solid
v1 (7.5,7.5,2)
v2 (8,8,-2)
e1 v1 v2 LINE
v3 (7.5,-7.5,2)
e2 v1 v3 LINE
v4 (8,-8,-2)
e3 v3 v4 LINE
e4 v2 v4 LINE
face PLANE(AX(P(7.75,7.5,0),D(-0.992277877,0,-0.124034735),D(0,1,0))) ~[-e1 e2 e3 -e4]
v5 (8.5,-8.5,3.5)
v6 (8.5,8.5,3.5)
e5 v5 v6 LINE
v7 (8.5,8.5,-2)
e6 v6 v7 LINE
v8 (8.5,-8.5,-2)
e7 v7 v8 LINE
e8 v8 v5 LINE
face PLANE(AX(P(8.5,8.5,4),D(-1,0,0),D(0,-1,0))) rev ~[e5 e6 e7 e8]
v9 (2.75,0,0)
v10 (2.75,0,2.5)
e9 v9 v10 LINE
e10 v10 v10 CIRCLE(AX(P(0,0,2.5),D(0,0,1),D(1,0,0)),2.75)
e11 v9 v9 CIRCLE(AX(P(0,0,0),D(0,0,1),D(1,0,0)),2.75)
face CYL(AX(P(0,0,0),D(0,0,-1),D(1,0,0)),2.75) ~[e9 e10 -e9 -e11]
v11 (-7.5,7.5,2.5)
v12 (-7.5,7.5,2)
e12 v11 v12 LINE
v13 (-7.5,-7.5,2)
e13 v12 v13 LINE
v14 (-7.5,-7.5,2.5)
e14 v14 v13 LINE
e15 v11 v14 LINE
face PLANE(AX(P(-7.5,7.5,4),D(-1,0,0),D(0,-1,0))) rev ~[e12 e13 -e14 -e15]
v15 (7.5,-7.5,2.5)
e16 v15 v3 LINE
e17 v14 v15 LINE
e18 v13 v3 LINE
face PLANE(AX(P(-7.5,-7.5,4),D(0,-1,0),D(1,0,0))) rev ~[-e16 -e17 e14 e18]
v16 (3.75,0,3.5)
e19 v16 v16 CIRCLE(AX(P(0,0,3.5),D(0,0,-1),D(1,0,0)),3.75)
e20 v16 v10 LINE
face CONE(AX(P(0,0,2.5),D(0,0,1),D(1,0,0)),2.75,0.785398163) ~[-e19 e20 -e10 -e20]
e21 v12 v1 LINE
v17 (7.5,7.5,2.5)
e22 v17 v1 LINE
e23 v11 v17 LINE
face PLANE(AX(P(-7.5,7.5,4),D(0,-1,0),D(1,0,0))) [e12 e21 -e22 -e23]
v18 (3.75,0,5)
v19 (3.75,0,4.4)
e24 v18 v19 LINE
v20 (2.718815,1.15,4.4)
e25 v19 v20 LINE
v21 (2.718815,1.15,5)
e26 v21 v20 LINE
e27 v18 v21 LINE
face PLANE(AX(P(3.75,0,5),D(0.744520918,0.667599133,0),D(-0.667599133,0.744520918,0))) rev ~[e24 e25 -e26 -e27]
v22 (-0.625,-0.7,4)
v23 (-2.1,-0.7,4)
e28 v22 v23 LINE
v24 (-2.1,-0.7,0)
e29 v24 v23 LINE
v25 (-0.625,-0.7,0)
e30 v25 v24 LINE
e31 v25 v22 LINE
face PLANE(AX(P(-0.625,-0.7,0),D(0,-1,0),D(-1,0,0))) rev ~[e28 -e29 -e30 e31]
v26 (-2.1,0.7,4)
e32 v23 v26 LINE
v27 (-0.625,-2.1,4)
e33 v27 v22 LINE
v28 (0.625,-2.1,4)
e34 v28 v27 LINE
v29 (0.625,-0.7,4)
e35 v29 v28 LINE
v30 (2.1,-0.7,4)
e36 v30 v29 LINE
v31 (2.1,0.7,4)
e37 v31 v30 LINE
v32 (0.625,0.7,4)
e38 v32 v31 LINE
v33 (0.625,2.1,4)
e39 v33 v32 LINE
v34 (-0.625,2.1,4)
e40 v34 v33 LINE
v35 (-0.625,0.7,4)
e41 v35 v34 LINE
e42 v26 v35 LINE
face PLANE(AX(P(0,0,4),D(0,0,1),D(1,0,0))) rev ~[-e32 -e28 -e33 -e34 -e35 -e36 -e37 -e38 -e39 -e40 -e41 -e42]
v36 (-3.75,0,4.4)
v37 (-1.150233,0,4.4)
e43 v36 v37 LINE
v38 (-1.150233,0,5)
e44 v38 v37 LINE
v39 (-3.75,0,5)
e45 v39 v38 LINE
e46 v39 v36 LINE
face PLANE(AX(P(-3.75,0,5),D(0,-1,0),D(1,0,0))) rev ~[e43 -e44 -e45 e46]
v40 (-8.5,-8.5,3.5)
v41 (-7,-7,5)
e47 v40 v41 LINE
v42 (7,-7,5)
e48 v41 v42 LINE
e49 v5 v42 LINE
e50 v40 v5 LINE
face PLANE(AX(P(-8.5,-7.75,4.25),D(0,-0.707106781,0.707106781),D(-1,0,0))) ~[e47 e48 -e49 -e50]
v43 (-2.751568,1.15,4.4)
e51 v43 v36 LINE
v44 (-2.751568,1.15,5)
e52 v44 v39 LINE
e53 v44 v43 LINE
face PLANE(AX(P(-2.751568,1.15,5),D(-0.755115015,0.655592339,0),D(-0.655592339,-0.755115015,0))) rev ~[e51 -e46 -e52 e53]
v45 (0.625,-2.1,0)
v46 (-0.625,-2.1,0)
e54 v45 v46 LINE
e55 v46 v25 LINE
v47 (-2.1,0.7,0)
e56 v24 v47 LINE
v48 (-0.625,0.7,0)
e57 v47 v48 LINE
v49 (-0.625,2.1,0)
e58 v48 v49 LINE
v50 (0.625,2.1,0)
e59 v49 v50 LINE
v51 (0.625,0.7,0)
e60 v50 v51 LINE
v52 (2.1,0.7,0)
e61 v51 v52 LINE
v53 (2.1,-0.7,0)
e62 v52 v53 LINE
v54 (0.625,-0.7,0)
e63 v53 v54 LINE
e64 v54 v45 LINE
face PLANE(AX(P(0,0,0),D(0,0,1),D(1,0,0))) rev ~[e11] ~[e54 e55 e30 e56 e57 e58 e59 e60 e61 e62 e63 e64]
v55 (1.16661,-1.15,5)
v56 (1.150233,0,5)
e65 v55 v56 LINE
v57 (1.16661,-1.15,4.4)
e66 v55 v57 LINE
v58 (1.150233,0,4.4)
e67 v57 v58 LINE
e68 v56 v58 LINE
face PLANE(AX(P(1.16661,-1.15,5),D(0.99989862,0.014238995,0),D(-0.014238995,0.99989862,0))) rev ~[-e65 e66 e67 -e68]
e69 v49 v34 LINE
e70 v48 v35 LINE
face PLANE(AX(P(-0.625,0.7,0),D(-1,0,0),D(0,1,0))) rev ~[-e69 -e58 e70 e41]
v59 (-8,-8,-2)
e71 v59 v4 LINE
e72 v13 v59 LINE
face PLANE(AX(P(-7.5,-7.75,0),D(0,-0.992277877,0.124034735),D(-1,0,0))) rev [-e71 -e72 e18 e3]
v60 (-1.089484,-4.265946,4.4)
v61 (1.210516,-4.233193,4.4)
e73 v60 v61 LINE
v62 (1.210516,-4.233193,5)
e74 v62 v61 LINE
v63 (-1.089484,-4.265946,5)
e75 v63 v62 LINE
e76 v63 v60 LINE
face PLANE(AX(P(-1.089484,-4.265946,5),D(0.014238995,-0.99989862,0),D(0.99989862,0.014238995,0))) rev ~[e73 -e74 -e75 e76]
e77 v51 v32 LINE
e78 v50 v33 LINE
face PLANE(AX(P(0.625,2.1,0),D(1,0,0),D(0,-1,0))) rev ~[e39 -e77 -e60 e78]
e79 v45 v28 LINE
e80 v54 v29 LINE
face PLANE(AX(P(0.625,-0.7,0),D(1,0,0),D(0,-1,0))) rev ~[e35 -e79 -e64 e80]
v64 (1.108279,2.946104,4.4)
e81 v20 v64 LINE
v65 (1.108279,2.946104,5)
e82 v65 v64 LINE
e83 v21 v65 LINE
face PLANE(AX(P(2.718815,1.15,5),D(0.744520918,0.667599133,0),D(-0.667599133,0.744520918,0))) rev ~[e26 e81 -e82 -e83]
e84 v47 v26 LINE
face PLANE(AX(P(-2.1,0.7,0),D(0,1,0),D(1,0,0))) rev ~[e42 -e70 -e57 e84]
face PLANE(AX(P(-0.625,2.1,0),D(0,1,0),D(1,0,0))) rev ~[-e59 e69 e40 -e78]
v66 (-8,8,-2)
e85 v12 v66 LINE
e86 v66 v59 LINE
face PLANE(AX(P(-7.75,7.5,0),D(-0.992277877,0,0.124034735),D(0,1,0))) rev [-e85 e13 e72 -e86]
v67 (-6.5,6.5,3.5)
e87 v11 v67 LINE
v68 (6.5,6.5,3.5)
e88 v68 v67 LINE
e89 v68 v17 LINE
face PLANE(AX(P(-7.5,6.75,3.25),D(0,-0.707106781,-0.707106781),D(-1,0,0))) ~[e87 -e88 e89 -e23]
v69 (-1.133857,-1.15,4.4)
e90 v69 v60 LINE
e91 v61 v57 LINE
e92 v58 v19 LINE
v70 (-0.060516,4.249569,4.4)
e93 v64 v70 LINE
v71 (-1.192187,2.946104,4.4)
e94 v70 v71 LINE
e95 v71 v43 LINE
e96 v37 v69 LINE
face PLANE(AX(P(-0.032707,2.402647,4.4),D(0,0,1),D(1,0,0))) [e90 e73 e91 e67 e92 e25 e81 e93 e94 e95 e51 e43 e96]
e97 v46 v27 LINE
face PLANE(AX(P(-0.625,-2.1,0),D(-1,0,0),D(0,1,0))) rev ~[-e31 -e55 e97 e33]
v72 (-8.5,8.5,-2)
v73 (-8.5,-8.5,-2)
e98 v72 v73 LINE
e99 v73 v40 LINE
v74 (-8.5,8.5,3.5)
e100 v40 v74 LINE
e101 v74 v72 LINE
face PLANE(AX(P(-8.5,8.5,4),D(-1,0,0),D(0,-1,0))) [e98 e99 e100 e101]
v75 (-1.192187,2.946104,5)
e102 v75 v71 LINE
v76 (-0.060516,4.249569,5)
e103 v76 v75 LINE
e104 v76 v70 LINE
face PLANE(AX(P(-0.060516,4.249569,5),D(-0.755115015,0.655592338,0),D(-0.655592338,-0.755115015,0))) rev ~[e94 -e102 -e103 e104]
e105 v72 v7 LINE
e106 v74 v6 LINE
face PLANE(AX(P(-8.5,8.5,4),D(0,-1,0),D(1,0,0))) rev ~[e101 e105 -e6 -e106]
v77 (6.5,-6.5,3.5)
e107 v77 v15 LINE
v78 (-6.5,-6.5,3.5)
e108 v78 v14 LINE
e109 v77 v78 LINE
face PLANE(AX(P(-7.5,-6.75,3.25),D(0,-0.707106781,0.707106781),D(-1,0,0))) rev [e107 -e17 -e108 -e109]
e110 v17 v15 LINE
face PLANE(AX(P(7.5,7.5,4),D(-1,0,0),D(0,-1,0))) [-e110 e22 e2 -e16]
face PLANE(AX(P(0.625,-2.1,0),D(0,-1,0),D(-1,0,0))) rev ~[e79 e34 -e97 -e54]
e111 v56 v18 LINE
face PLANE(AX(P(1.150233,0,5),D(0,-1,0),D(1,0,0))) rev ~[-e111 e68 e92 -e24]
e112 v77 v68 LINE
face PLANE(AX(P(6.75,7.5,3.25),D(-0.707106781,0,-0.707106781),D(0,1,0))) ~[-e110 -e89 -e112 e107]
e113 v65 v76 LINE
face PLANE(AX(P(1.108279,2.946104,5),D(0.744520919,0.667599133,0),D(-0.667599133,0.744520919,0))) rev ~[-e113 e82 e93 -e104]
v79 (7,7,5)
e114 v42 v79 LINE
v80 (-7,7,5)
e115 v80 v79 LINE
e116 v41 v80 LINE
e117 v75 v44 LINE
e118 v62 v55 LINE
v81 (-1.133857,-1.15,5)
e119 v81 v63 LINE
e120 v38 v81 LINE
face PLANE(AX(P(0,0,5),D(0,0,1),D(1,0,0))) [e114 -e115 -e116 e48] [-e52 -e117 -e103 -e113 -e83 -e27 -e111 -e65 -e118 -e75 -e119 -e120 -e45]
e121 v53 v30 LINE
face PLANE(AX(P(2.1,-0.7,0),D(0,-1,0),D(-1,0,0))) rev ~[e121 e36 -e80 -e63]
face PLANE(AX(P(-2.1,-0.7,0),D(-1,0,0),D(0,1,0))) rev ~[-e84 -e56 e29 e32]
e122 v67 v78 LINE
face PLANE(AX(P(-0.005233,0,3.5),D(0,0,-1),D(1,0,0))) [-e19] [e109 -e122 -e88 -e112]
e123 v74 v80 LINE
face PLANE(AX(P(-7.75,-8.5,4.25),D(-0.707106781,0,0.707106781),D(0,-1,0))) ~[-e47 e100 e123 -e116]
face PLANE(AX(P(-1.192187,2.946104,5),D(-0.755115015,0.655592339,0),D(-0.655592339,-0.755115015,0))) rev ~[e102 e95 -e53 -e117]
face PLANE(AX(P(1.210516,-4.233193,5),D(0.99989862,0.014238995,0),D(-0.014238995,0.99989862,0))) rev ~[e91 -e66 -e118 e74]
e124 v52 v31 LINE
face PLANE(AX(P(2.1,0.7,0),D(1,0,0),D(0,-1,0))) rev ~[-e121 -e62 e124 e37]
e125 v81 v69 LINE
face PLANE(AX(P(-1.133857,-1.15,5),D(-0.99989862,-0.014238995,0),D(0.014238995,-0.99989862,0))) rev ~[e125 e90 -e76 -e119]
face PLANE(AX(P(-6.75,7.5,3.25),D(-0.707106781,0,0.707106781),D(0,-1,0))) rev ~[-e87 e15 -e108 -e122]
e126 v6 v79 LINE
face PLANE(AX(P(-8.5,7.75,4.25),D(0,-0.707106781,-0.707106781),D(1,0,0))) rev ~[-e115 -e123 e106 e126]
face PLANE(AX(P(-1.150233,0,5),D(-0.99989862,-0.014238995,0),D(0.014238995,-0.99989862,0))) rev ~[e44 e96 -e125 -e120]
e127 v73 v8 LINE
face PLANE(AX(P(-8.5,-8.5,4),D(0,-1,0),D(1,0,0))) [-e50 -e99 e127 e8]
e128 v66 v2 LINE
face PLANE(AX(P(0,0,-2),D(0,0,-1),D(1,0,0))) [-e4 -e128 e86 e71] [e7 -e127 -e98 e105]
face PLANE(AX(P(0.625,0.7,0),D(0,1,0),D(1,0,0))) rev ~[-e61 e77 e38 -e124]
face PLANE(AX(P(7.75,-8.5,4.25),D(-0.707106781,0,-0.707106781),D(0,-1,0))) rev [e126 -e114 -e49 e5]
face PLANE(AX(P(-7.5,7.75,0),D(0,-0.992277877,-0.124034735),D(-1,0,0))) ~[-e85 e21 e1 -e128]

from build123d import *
from OCP.BRepFilletAPI import BRepFilletAPI_MakeChamfer

# Parameters (mm, degrees)
SKETCH1_R           = 2.75
BOSS_EXTRUDE1_DEPTH = 4
SKETCH2_W           = 17
SKETCH2_H           = 17
BOSS_EXTRUDE2_DEPTH = 1
SKETCH3_W           = 17
SKETCH3_H           = 17
SKETCH3_W_2         = 15
SKETCH3_H_2         = 15
BOSS_EXTRUDE3_DEPTH = 6
CHAMFER1_SIZE       = 1.5
CHAMFER2_SIZE       = 4
CHAMFER2_SIZE2      = 0.5
CUT_EXTRUDE1_DEPTH  = 0.6
BOSS_EXTRUDE4_START = 0.5
SKETCH5_W           = 14.989533589
SKETCH5_H           = 15
SKETCH5_R           = 2.75
BOSS_EXTRUDE4_DEPTH = 0.5


with BuildPart() as part:
    # Sketch1 → Boss-Extrude1 (new body)
    with BuildSketch(Plane(origin=(0, 0, 0), x_dir=(0, 1, 0), z_dir=(0, 0, 1))):
        with Locations(Location((0, 0, 0), (0, 0, 270))):
            Circle(SKETCH1_R)
        Polygon((-0.7, -0.625), (-2.1, -0.625), (-2.1, 0.625), (-0.7, 0.625), (-0.7, 2.1), (0.7, 2.1), (0.7, 0.625), (2.1, 0.625), (2.1, -0.625), (0.7, -0.625), (0.7, -2.1), (-0.7, -2.1), align=None, mode=Mode.SUBTRACT)
    extrude(amount=BOSS_EXTRUDE1_DEPTH)

    # Sketch2 → Boss-Extrude2 (add)
    with BuildSketch(Plane.XY.offset(4)):
        Rectangle(SKETCH2_W, SKETCH2_H)
    extrude(amount=BOSS_EXTRUDE2_DEPTH)

    # Sketch3 → Boss-Extrude3 (add)
    with BuildSketch(Plane(origin=(0, 0, 4), x_dir=(1, 0, 0), z_dir=(0, 0, -1))):
        Rectangle(SKETCH3_W, SKETCH3_H)
        Rectangle(SKETCH3_W_2, SKETCH3_H_2, mode=Mode.SUBTRACT)
    extrude(amount=BOSS_EXTRUDE3_DEPTH)

    # Chamfer1
    chamfer1_edges = [part.edges().sort_by_distance(p)[0] for p in [
        (8.5, 0, 5),
        (0, 8.5, 5),
        (-8.5, 0, 5),
        (0, -8.5, 5),
        (-2.75, 0, 4),
        (0, -7.5, 4),
        (7.5, 0, 4),
        (-7.5, 0, 4),
        (0, 7.5, 4),
    ]]
    chamfer(chamfer1_edges, length=CHAMFER1_SIZE)

    # Chamfer2: one chamfer whose edges measure the first distance from different faces: ONE call of the kernel's chamfer builder (chamfer() names one face for all edges)
    chamfer2_edges_1 = [part.edges().sort_by_distance(p)[0] for p in [
        (-7.5, 0, -2),
    ]]
    chamfer2_side_1 = [part.faces().sort_by_distance(p)[0] for p in [
        (-7.5, 0, 0.25),
    ]]
    chamfer2_edges_2 = [part.edges().sort_by_distance(p)[0] for p in [
        (0, 7.5, -2),
    ]]
    chamfer2_side_2 = [part.faces().sort_by_distance(p)[0] for p in [
        (0, 7.5, 0.25),
    ]]
    chamfer2_edges_3 = [part.edges().sort_by_distance(p)[0] for p in [
        (0, -7.5, -2),
    ]]
    chamfer2_side_3 = [part.faces().sort_by_distance(p)[0] for p in [
        (0, -7.5, 0.25),
    ]]
    chamfer2_edges_4 = [part.edges().sort_by_distance(p)[0] for p in [
        (7.5, 0, -2),
    ]]
    chamfer2_side_4 = [part.faces().sort_by_distance(p)[0] for p in [
        (7.5, 0, 0.25),
    ]]
    chamfer2 = BRepFilletAPI_MakeChamfer(part.part.solid().wrapped)
    for e in chamfer2_edges_1:
        chamfer2.Add(CHAMFER2_SIZE, CHAMFER2_SIZE2, e.wrapped, chamfer2_side_1[0].wrapped)  # the first distance lies on this face
    for e in chamfer2_edges_2:
        chamfer2.Add(CHAMFER2_SIZE, CHAMFER2_SIZE2, e.wrapped, chamfer2_side_2[0].wrapped)  # the first distance lies on this face
    for e in chamfer2_edges_3:
        chamfer2.Add(CHAMFER2_SIZE, CHAMFER2_SIZE2, e.wrapped, chamfer2_side_3[0].wrapped)  # the first distance lies on this face
    for e in chamfer2_edges_4:
        chamfer2.Add(CHAMFER2_SIZE, CHAMFER2_SIZE2, e.wrapped, chamfer2_side_4[0].wrapped)  # the first distance lies on this face
    add(Compound.cast(chamfer2.Shape()), mode=Mode.REPLACE)

    # Sketch4 → Cut-Extrude1 (cut)
    with BuildSketch(Plane.XY.offset(5)):
        Polygon((-0.06051573, 4.249569137), (-1.192187018, 2.946103658), (-1.166609713, 1.15), (1.133856704, 1.15), (1.108279399, 2.946103658), align=None)
        Polygon((-1.166609713, 1.15), (-1.192187018, 2.946103658), (-2.751567741, 1.15), align=None)
        Polygon((-1.150233209, 0), (-1.166609713, 1.15), (-2.751567741, 1.15), (-3.75, 0), align=None)
        Polygon((1.133856704, 1.15), (-1.166609713, 1.15), (-1.150233209, 0), (1.150233209, 0), align=None)
        Polygon((2.718814732, 1.15), (1.108279399, 2.946103658), (1.133856704, 1.15), align=None)
        Polygon((2.718814732, 1.15), (1.133856704, 1.15), (1.150233209, 0), (3.75, 0), align=None)
        Polygon((1.166609713, -1.15), (-1.133856704, -1.15), (-1.08948427, -4.265945641), (1.21051573, -4.233192632), align=None)
        Polygon((1.150233209, 0), (-1.150233209, 0), (-1.133856704, -1.15), (1.166609713, -1.15), align=None)
    extrude(amount=-CUT_EXTRUDE1_DEPTH, mode=Mode.SUBTRACT)

    # Sketch5 → Boss-Extrude4 (add)
    with BuildSketch(Plane(origin=(0, 0, 4), x_dir=(1, 0, 0), z_dir=(0, 0, -1)).offset(BOSS_EXTRUDE4_START)):
        with Locations((-0.005233206, 0)):
            Rectangle(SKETCH5_W, SKETCH5_H)
        with Locations(Location((0, 0, 0), (0, 0, 180))):
            Circle(SKETCH5_R, mode=Mode.SUBTRACT)
    extrude(amount=-BOSS_EXTRUDE4_DEPTH)


solid = part.part
